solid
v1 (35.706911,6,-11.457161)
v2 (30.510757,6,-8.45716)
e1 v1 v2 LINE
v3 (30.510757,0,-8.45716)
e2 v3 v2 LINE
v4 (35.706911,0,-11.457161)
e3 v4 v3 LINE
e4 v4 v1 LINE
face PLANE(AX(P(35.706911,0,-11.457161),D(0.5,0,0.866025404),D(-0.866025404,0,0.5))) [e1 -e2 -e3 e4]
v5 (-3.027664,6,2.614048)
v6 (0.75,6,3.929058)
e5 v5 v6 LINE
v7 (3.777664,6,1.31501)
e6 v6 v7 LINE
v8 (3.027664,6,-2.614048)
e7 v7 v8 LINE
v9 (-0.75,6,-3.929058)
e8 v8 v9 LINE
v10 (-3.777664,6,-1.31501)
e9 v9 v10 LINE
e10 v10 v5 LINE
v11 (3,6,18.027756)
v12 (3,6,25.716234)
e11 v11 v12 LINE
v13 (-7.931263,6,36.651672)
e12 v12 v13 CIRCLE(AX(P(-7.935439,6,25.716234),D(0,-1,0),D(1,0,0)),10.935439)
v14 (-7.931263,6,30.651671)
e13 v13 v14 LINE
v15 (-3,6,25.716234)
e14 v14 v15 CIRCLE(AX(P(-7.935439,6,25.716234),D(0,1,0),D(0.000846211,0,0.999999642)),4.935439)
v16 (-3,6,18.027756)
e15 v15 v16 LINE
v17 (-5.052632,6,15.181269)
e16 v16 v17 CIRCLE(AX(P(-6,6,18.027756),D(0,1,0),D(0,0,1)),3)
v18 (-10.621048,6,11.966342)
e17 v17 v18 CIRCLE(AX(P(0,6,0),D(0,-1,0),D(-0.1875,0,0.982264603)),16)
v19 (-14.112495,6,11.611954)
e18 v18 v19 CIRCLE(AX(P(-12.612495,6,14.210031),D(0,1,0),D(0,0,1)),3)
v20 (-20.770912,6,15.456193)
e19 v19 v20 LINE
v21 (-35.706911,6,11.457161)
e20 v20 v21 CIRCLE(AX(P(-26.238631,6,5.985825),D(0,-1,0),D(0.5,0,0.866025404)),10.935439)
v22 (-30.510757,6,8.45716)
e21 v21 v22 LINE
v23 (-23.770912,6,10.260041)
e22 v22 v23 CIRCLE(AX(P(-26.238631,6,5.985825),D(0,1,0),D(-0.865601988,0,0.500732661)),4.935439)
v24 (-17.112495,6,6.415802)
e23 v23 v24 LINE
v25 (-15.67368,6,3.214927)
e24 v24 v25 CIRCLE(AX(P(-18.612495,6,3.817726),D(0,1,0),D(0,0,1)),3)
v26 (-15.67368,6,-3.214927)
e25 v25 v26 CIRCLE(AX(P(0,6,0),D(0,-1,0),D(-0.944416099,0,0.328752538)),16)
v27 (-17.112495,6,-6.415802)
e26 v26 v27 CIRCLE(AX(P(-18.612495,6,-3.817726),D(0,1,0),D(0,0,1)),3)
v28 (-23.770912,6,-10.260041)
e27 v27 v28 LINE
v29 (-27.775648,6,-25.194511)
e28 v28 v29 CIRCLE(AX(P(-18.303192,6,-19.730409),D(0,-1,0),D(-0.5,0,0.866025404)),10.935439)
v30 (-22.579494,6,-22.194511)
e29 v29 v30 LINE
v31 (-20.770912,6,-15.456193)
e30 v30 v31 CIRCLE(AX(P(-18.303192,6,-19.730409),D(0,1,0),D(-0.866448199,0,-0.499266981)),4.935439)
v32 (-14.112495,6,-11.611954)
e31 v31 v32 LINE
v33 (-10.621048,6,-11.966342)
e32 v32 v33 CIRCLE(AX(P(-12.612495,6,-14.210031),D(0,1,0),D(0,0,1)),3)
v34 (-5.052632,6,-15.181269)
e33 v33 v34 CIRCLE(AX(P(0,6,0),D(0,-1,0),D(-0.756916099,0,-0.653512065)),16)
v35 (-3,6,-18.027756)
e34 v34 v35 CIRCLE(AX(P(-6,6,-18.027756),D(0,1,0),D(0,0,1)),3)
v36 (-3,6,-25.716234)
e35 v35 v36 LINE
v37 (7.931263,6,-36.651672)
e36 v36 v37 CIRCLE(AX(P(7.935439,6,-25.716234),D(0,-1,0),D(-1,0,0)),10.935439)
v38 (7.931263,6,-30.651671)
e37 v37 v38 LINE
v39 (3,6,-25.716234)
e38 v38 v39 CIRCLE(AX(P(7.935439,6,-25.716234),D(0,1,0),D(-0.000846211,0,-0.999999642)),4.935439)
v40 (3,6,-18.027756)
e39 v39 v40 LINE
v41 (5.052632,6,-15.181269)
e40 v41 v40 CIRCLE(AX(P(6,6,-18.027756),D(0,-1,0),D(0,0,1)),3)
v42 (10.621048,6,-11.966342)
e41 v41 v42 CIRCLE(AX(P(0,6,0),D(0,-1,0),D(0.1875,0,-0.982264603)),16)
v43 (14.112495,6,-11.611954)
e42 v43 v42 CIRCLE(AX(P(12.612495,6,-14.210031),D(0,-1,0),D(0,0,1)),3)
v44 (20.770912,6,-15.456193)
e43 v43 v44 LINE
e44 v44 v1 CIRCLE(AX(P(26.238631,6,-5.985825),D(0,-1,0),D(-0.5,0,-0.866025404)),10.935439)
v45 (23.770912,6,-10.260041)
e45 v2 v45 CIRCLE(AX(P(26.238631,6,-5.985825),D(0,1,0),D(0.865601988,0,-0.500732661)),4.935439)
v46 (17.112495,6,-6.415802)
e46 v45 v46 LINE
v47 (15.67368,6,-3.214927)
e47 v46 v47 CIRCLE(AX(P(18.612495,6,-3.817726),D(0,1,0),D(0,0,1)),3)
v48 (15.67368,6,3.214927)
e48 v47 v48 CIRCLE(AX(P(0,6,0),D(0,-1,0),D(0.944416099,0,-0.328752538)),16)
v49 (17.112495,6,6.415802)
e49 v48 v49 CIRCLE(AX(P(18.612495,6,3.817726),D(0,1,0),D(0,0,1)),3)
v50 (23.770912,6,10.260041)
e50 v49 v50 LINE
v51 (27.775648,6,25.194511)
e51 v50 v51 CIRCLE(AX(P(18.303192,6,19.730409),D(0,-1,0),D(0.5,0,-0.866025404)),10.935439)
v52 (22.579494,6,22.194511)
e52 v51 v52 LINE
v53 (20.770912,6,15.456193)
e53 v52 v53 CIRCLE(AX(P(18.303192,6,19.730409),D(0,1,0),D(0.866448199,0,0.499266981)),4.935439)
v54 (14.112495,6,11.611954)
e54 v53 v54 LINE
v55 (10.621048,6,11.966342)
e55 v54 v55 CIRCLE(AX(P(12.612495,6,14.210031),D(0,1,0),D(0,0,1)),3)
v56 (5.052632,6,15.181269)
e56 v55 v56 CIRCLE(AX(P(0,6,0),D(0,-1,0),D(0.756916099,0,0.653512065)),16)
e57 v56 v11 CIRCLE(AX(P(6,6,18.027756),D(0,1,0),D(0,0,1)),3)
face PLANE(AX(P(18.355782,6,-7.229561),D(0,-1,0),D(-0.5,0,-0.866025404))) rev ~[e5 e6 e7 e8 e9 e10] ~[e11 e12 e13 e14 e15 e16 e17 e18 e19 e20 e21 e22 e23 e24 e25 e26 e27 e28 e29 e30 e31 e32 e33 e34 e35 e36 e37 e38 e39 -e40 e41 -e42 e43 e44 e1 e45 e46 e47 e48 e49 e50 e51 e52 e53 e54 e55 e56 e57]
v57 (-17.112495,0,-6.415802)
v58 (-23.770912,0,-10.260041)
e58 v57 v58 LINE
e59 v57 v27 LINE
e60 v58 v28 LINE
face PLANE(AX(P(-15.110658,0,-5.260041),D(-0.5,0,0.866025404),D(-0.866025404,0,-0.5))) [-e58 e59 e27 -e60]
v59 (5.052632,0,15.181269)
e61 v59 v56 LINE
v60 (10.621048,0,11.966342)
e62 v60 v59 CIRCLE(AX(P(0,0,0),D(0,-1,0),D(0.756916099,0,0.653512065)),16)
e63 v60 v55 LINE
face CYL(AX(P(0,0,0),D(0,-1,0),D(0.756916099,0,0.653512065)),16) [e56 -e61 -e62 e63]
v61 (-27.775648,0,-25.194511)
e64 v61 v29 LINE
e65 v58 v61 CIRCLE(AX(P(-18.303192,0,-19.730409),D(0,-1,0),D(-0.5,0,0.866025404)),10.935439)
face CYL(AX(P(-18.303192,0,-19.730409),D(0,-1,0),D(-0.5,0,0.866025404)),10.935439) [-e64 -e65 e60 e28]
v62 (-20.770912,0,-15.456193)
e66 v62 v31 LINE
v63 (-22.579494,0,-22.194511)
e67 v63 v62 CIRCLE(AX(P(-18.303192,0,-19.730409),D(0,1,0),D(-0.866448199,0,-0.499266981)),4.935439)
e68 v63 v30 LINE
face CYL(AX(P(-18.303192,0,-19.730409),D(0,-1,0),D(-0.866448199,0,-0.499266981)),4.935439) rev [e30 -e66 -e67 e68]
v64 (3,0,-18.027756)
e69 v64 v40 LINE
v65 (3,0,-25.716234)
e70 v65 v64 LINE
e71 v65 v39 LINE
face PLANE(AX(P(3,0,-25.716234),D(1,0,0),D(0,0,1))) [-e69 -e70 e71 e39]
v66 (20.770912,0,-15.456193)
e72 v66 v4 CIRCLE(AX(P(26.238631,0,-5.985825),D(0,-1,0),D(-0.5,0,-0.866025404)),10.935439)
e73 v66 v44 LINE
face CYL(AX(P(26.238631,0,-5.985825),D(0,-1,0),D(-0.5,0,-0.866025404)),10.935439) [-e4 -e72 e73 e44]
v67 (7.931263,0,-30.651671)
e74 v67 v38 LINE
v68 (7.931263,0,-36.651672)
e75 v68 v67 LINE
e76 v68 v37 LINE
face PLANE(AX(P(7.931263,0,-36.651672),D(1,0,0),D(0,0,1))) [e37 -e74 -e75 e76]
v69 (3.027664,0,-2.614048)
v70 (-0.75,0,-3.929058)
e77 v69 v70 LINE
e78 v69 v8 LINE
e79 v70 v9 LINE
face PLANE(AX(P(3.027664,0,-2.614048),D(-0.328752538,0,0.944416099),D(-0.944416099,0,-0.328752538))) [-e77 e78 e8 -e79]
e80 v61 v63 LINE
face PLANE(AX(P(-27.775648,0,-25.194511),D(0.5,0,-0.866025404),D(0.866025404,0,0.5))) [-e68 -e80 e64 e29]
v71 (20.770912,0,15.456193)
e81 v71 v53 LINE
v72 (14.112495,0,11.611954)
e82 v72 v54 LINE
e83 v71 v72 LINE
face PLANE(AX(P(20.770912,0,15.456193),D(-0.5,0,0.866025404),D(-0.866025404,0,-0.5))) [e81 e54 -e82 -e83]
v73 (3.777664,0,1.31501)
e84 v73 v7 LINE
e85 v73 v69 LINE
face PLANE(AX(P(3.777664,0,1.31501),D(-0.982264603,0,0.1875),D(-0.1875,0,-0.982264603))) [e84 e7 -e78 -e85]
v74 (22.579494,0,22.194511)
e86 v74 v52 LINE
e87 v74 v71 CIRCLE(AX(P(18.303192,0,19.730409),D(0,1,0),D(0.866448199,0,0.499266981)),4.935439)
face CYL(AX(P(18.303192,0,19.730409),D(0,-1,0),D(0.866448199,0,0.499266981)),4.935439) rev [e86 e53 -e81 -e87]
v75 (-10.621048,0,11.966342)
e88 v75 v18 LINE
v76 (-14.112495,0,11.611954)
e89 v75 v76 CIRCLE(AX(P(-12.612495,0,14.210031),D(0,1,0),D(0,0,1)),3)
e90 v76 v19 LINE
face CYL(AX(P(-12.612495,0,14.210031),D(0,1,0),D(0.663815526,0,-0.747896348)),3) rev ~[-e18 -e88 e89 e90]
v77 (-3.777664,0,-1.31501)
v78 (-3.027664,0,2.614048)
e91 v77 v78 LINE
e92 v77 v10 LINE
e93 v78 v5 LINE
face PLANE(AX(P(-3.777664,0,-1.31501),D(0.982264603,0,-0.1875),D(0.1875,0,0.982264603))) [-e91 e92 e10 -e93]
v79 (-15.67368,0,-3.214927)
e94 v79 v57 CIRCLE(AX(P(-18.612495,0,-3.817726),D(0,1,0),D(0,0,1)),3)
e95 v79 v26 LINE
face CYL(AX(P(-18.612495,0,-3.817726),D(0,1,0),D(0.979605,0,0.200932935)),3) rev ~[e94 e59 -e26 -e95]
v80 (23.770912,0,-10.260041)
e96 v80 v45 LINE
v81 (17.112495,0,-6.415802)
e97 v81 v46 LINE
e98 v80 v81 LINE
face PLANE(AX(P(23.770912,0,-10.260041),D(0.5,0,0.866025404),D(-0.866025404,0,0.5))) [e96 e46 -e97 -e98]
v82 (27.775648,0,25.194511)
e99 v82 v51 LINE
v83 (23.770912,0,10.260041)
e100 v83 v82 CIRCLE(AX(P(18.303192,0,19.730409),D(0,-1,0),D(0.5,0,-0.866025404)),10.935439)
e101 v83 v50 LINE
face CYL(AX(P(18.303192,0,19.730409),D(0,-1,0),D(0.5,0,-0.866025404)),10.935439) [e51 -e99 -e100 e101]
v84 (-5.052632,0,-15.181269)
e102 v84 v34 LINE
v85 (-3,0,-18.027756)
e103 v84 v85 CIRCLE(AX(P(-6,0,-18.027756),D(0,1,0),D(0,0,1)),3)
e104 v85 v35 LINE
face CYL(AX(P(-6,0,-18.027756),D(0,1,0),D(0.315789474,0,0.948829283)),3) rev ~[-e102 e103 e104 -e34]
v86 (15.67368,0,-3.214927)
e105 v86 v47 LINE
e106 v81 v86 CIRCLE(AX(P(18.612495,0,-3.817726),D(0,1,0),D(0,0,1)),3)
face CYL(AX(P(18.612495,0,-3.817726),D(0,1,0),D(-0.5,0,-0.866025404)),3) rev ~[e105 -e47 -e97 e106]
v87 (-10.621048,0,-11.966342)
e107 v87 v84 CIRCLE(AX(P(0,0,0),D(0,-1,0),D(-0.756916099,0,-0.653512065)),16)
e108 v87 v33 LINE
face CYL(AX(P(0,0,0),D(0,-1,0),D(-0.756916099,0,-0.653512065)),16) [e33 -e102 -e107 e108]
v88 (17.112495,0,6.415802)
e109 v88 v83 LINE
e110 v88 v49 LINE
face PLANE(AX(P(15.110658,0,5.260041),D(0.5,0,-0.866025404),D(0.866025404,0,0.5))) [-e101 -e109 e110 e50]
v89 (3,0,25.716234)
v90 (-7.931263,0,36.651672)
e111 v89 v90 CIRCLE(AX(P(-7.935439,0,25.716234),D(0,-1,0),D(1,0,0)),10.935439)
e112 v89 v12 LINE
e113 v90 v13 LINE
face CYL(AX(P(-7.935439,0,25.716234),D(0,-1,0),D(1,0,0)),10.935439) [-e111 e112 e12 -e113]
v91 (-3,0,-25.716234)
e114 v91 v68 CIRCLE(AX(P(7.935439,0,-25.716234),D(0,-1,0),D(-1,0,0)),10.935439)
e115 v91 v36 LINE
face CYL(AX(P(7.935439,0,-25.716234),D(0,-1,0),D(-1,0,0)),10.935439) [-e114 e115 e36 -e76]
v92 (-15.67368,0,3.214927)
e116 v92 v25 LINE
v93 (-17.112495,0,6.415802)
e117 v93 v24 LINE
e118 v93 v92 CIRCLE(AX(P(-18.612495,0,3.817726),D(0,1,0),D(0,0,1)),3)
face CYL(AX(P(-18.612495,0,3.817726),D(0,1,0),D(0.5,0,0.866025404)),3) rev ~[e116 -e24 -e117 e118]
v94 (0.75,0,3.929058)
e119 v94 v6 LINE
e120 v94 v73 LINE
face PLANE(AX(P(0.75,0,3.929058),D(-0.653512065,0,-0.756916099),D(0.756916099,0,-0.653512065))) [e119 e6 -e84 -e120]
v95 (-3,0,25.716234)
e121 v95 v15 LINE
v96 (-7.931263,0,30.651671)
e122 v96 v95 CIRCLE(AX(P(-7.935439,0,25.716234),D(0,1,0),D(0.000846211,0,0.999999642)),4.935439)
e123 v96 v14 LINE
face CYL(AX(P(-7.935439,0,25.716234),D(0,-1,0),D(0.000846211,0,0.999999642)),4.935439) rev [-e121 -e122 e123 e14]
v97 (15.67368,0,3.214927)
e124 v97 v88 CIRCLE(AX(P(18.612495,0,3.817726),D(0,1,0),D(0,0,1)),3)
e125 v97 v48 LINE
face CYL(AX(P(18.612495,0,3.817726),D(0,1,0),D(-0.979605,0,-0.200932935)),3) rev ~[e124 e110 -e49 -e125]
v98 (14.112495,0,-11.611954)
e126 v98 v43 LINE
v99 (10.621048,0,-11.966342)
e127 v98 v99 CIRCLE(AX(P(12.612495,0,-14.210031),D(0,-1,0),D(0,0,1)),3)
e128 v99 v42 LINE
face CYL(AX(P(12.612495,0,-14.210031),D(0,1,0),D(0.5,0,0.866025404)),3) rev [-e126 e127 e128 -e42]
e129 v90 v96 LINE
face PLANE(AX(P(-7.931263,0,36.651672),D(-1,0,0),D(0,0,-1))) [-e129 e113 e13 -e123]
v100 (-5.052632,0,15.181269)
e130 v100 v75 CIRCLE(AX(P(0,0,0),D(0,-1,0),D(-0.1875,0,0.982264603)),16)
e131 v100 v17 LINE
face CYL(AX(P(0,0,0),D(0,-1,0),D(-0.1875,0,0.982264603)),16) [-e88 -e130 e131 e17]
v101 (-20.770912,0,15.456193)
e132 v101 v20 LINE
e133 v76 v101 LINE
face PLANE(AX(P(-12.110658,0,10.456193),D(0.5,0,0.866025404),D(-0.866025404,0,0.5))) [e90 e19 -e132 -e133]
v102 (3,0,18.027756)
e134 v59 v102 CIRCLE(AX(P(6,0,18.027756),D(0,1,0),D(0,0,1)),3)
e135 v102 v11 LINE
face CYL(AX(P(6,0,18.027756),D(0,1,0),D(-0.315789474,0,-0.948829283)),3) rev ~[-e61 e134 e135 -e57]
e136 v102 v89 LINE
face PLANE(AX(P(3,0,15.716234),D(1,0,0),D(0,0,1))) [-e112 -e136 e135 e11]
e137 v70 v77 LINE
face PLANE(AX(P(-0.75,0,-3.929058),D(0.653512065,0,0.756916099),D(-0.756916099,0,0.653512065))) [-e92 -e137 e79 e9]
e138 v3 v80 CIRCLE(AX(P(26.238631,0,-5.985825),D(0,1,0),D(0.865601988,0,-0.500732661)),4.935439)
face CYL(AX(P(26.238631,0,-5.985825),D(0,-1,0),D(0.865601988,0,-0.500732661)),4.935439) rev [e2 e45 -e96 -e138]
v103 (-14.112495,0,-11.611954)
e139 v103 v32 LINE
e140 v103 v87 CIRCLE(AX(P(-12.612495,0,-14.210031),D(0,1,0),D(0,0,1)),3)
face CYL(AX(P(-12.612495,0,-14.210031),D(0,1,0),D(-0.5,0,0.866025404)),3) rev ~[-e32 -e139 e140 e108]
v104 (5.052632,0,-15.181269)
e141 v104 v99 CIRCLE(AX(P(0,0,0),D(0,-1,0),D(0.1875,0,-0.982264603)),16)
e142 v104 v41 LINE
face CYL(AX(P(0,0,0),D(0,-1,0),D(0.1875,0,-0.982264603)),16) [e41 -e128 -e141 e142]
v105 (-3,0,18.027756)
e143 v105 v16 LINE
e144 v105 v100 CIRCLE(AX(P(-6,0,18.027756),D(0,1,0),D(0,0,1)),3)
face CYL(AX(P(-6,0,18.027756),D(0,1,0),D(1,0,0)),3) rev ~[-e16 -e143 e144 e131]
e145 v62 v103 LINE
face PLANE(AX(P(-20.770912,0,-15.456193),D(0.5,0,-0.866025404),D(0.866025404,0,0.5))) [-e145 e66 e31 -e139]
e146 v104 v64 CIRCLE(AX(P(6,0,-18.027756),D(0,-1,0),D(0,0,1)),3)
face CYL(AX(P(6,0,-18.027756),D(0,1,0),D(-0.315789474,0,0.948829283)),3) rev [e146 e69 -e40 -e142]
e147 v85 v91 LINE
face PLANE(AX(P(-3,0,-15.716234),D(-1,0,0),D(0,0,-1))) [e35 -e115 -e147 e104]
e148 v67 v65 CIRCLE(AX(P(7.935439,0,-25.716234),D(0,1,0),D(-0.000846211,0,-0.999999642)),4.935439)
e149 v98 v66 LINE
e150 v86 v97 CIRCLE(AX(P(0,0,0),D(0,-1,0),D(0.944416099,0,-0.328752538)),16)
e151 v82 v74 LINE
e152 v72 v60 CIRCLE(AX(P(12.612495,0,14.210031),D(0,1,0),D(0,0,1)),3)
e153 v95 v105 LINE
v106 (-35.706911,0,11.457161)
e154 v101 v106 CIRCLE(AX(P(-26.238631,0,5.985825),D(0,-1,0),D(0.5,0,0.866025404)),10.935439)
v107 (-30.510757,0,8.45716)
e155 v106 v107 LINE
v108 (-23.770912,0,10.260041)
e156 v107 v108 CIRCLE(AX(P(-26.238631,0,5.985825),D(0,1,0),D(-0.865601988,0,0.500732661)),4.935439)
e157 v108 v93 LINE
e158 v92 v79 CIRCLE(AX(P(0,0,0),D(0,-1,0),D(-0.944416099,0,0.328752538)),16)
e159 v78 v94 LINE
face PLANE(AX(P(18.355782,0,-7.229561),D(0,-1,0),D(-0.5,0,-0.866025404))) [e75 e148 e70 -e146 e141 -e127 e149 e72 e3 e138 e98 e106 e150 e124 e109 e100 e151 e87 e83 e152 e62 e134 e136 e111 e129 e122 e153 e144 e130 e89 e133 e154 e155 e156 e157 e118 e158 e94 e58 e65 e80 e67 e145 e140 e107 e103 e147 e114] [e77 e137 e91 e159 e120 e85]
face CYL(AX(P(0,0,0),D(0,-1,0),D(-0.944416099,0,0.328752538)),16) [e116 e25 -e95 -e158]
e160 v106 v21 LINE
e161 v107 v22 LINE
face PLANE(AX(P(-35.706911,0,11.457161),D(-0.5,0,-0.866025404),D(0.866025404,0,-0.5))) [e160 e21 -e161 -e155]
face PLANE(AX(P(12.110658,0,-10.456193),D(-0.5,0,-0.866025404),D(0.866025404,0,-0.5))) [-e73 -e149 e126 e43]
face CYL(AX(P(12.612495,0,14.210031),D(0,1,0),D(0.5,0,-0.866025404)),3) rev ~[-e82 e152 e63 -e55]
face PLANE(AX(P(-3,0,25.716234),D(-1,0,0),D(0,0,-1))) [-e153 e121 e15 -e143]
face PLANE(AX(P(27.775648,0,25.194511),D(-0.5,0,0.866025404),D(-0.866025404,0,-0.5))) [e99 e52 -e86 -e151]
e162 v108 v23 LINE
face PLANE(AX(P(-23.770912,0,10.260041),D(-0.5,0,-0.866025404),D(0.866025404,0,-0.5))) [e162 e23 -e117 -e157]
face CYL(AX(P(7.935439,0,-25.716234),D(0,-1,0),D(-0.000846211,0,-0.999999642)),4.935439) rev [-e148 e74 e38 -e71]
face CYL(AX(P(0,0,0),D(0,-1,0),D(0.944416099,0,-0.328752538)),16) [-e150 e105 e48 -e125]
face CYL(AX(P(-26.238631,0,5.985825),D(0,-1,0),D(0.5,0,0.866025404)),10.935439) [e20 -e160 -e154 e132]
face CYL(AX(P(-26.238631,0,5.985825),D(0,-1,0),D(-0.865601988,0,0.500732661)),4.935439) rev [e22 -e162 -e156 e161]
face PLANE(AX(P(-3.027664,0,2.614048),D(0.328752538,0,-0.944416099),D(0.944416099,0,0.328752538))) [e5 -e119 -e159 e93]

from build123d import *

# Parameters (mm, degrees)
EXTRUDE_1_DEPTH          = 6
PATTERN_CIRCULAR_1_COUNT = 6
FILLET_1_R               = 3


with BuildPart() as part:
    # 草图1 → 凸台-拉伸1 (new body)
    with BuildSketch(Plane(origin=(0, 0, 0), x_dir=(1, 0, 0), z_dir=(0, 1, 0))):
        with BuildLine():
            Line((-3, 15.716233646), (-3, 25.716233646))
            ThreePointArc((-3, 25.716233646), (0.201439561, 33.447280184), (7.931262854, 36.651672125))
            Line((7.931262854, 36.651672125), (7.931262854, 30.651671155))
            ThreePointArc((7.931262854, 30.651671155), (4.44408042, 29.204639325), (3, 25.716233646))
            Line((3, 25.716233646), (3, 15.716233646))
            ThreePointArc((3, 15.716233646), (8, 13.856406461), (12.110657589, 10.456193034))
            Line((12.110657589, 10.456193034), (3.027664397, 2.614048259))
            Line((3.027664397, 2.614048259), (-0.75, 3.929058411))
            Line((-0.75, 3.929058411), (-3, 15.716233646))
        make_face()
    extrude_1 = extrude(amount=EXTRUDE_1_DEPTH)

    # 阵列(圆周)1: 凸台-拉伸1 ×6 about axis
    pattern_circular_1_axis = Axis((0, 0, 0), (0, 1, 0))
    for i in range(1, PATTERN_CIRCULAR_1_COUNT):
        add(extrude_1.rotate(pattern_circular_1_axis, i * 360 / PATTERN_CIRCULAR_1_COUNT))

    # 圆角1
    fillet_1_edges = [part.edges().sort_by_distance(p)[0] for p in [
        (-3, 3, -15.716233646),
        (3, 3, -15.716233646),
        (12.110657589, 3, -10.456193034),
        (-12.110657589, 3, -10.456193034),
        (-15.110657589, 3, -5.260040611),
        (-15.110657589, 3, 5.260040611),
        (-12.110657589, 3, 10.456193034),
        (-3, 3, 15.716233646),
        (3, 3, 15.716233646),
        (12.110657589, 3, 10.456193034),
        (15.110657589, 3, 5.260040611),
        (15.110657589, 3, -5.260040611),
    ]]
    fillet(fillet_1_edges, radius=FILLET_1_R)


solid = part.part
